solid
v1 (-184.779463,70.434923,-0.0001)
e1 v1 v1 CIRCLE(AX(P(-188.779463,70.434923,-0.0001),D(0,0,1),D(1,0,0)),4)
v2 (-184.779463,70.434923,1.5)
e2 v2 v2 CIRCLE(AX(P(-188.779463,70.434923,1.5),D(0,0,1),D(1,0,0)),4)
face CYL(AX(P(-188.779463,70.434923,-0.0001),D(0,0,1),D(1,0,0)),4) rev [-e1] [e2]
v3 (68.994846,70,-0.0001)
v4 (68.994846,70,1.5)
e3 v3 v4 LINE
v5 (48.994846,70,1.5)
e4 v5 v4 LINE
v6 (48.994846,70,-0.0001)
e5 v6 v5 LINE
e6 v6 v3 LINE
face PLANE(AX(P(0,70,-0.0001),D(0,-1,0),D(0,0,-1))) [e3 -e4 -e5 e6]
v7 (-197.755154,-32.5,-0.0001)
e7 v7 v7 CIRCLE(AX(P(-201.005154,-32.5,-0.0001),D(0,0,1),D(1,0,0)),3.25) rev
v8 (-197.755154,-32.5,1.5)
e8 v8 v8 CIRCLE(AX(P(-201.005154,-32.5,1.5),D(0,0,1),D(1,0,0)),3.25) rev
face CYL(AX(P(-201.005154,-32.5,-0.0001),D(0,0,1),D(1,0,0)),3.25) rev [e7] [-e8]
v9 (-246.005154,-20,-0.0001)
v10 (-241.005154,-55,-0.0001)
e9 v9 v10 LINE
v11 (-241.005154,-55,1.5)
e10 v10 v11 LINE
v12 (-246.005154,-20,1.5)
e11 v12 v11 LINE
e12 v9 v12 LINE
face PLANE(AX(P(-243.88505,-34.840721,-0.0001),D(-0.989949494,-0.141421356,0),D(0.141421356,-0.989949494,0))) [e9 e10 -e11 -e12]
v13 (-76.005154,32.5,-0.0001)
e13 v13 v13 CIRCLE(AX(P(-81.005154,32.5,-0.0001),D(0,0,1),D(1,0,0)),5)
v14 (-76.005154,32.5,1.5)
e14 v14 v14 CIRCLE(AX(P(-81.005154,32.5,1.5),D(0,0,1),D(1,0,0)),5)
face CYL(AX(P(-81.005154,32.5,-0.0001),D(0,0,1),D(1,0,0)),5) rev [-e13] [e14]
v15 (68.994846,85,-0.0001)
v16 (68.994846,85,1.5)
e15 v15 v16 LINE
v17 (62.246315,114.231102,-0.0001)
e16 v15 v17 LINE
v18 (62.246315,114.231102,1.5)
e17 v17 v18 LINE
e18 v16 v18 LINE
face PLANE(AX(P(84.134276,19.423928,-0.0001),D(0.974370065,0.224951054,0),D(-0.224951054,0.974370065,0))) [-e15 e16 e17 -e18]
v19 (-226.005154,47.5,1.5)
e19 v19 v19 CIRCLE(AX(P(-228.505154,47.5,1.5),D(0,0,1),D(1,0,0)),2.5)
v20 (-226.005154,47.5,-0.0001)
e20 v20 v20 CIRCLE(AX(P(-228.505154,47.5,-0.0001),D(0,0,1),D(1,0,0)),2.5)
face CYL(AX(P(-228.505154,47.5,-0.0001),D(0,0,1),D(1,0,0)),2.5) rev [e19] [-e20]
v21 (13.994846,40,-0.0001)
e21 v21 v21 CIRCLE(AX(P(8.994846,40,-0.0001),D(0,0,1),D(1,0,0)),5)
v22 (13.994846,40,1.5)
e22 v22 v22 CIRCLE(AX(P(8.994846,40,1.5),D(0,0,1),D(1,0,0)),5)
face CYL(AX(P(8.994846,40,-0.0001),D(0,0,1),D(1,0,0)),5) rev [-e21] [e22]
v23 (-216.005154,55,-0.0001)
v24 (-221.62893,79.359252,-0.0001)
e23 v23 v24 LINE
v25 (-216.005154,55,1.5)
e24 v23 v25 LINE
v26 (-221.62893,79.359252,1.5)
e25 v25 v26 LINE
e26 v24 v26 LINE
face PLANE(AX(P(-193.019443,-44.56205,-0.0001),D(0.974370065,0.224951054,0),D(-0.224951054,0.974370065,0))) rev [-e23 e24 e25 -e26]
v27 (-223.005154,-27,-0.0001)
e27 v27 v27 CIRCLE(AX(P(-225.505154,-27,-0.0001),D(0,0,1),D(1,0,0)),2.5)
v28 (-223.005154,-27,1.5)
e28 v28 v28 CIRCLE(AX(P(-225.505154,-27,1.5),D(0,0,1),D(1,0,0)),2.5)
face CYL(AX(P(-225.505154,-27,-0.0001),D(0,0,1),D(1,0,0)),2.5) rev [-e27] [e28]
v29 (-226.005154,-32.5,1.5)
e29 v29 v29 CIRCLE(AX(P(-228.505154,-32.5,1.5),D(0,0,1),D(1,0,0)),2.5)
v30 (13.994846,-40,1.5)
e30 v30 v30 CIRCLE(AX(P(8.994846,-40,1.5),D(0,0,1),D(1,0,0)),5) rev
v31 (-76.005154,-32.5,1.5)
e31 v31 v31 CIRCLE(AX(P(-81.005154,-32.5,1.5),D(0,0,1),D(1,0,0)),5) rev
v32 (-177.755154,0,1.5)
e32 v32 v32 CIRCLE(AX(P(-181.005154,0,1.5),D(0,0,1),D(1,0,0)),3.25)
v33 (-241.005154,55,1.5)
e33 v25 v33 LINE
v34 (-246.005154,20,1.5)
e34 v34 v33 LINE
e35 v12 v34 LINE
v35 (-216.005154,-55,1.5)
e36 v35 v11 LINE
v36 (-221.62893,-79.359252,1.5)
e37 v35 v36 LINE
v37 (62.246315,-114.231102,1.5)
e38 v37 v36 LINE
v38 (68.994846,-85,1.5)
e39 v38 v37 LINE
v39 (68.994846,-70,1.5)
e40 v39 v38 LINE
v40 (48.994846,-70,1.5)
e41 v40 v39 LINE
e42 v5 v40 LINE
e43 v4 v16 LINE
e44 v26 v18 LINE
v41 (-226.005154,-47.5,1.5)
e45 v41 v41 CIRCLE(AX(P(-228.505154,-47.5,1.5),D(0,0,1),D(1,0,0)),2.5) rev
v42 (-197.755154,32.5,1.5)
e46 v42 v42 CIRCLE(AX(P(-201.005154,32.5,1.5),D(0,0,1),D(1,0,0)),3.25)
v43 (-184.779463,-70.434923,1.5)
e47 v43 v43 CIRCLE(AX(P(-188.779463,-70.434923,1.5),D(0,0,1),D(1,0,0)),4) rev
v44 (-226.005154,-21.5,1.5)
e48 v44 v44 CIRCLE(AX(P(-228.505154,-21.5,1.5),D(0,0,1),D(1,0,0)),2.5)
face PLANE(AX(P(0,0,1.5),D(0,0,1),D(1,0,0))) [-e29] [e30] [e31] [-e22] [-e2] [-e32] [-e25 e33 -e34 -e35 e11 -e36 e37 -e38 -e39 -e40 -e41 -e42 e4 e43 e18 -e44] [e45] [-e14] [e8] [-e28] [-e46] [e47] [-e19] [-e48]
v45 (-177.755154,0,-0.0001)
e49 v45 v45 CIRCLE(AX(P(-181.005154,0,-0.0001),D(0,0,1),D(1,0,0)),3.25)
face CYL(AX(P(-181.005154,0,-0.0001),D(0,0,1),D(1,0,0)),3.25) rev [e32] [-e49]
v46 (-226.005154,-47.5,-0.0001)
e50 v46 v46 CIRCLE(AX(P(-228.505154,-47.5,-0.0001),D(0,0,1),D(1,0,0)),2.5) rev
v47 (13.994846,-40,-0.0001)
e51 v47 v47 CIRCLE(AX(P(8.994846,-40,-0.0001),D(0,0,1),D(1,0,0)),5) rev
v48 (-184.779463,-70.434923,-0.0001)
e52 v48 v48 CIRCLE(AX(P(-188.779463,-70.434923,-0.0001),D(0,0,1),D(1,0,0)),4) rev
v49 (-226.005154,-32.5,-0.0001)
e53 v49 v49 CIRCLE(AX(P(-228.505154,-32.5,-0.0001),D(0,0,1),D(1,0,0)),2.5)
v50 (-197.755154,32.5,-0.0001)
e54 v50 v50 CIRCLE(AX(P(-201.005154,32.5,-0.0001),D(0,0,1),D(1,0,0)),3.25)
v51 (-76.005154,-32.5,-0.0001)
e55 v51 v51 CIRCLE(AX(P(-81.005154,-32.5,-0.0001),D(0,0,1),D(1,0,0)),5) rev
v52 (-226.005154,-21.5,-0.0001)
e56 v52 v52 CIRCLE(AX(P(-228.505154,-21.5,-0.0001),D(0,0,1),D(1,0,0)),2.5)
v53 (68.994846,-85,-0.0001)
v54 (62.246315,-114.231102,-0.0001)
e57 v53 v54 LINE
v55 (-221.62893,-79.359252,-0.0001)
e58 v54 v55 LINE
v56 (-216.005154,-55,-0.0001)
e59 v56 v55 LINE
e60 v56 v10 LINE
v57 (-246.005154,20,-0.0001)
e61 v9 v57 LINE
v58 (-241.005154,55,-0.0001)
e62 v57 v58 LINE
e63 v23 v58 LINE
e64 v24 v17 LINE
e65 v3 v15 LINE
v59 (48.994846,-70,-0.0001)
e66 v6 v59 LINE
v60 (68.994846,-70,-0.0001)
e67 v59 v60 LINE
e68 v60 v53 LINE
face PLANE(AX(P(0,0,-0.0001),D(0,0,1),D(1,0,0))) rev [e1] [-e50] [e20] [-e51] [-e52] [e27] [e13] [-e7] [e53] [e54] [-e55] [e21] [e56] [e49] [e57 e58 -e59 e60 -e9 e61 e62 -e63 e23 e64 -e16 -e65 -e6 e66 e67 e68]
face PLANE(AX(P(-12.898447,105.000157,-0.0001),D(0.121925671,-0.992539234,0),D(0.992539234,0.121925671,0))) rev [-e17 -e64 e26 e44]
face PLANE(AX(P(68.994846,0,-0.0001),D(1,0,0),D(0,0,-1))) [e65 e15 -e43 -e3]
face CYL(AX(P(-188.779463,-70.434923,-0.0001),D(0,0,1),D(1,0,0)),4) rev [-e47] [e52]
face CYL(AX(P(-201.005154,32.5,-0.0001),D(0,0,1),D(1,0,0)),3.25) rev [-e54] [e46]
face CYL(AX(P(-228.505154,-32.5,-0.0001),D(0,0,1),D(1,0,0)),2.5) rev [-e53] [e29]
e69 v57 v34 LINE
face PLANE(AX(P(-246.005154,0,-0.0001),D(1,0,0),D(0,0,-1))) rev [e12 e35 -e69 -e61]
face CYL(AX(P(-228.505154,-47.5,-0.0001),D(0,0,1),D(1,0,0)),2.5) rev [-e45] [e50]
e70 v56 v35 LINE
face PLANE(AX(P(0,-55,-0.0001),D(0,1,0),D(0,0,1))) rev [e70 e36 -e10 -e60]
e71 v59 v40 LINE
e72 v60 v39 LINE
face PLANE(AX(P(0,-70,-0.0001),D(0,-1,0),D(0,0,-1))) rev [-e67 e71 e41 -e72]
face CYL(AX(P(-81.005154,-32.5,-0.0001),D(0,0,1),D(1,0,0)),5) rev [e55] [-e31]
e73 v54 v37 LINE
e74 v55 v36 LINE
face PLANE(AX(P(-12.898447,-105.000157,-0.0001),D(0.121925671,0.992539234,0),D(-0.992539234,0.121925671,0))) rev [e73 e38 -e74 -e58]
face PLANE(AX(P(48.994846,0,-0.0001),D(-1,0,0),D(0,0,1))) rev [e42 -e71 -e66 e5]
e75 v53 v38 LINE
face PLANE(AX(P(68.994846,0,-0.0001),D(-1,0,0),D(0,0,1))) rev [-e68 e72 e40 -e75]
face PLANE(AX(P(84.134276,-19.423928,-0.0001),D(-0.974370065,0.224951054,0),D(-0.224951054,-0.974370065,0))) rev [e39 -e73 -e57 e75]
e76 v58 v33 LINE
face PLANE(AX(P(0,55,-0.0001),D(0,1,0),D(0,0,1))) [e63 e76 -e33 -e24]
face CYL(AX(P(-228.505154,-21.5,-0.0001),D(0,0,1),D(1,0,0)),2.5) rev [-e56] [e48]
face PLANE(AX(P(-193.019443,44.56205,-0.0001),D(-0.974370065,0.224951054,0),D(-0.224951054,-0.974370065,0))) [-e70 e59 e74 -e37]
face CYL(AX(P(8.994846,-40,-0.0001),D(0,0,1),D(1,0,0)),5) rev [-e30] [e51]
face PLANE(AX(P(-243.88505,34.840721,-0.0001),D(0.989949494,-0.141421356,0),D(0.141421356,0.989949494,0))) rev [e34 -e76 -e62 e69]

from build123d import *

# Parameters (mm, degrees)
SKIZZE1_R                            = 2.5
SKIZZE1_R_2                          = 5
SKIZZE1_R_3                          = 3.25
SKIZZE1_R_4                          = 4
AUFSATZ_LINEAR_AUSTRAGEN2_DEPTH      = 1.5
AUFSATZ_LINEAR_AUSTRAGEN2_DEPTH_BACK = 0.0001


with BuildPart() as part:
    # Skizze1 → Aufsatz-Linear austragen2 (new body, two sides)
    with BuildSketch(Plane.XY) as aufsatz_linear_austragen2_sk:
        Polygon((-241.005153528, -55), (-216.005153528, -55), (-221.628929887, -79.35925162), (62.246314842, -114.231101944), (68.994846472, -85), (68.994846472, -70), (48.994846472, -70), (48.994846472, 70), (68.994846472, 70), (68.994846472, 85), (62.246314842, 114.231101944), (-221.628929887, 79.35925162), (-216.005153528, 55), (-241.005153528, 55), (-246.005153528, 20), (-246.005153528, -20), align=None)
        with Locations((-228.505153528, -47.5)):
            Circle(SKIZZE1_R, mode=Mode.SUBTRACT)
        with Locations((-228.505153528, -32.5)):
            Circle(SKIZZE1_R, mode=Mode.SUBTRACT)
        with Locations((-228.505153528, -21.5)):
            Circle(SKIZZE1_R, mode=Mode.SUBTRACT)
        with Locations((-225.505153528, -27)):
            Circle(SKIZZE1_R, mode=Mode.SUBTRACT)
        with Locations((-228.505153528, 47.5)):
            Circle(SKIZZE1_R, mode=Mode.SUBTRACT)
        with Locations((8.994846472, 40)):
            Circle(SKIZZE1_R_2, mode=Mode.SUBTRACT)
        with Locations((-201.005153528, -32.5)):
            Circle(SKIZZE1_R_3, mode=Mode.SUBTRACT)
        with Locations((-181.005153528, 0)):
            Circle(SKIZZE1_R_3, mode=Mode.SUBTRACT)
        with Locations((-81.005153528, -32.5)):
            Circle(SKIZZE1_R_2, mode=Mode.SUBTRACT)
        with Locations((8.994846472, -40)):
            Circle(SKIZZE1_R_2, mode=Mode.SUBTRACT)
        with Locations((-201.005153528, 32.5)):
            Circle(SKIZZE1_R_3, mode=Mode.SUBTRACT)
        with Locations((-81.005153528, 32.5)):
            Circle(SKIZZE1_R_2, mode=Mode.SUBTRACT)
        with Locations((-188.77946315, -70.434923444)):
            Circle(SKIZZE1_R_4, mode=Mode.SUBTRACT)
        with Locations((-188.77946315, 70.434923444)):
            Circle(SKIZZE1_R_4, mode=Mode.SUBTRACT)
    extrude(amount=AUFSATZ_LINEAR_AUSTRAGEN2_DEPTH)
    extrude(aufsatz_linear_austragen2_sk.sketch, amount=-AUFSATZ_LINEAR_AUSTRAGEN2_DEPTH_BACK)


solid = part.part
